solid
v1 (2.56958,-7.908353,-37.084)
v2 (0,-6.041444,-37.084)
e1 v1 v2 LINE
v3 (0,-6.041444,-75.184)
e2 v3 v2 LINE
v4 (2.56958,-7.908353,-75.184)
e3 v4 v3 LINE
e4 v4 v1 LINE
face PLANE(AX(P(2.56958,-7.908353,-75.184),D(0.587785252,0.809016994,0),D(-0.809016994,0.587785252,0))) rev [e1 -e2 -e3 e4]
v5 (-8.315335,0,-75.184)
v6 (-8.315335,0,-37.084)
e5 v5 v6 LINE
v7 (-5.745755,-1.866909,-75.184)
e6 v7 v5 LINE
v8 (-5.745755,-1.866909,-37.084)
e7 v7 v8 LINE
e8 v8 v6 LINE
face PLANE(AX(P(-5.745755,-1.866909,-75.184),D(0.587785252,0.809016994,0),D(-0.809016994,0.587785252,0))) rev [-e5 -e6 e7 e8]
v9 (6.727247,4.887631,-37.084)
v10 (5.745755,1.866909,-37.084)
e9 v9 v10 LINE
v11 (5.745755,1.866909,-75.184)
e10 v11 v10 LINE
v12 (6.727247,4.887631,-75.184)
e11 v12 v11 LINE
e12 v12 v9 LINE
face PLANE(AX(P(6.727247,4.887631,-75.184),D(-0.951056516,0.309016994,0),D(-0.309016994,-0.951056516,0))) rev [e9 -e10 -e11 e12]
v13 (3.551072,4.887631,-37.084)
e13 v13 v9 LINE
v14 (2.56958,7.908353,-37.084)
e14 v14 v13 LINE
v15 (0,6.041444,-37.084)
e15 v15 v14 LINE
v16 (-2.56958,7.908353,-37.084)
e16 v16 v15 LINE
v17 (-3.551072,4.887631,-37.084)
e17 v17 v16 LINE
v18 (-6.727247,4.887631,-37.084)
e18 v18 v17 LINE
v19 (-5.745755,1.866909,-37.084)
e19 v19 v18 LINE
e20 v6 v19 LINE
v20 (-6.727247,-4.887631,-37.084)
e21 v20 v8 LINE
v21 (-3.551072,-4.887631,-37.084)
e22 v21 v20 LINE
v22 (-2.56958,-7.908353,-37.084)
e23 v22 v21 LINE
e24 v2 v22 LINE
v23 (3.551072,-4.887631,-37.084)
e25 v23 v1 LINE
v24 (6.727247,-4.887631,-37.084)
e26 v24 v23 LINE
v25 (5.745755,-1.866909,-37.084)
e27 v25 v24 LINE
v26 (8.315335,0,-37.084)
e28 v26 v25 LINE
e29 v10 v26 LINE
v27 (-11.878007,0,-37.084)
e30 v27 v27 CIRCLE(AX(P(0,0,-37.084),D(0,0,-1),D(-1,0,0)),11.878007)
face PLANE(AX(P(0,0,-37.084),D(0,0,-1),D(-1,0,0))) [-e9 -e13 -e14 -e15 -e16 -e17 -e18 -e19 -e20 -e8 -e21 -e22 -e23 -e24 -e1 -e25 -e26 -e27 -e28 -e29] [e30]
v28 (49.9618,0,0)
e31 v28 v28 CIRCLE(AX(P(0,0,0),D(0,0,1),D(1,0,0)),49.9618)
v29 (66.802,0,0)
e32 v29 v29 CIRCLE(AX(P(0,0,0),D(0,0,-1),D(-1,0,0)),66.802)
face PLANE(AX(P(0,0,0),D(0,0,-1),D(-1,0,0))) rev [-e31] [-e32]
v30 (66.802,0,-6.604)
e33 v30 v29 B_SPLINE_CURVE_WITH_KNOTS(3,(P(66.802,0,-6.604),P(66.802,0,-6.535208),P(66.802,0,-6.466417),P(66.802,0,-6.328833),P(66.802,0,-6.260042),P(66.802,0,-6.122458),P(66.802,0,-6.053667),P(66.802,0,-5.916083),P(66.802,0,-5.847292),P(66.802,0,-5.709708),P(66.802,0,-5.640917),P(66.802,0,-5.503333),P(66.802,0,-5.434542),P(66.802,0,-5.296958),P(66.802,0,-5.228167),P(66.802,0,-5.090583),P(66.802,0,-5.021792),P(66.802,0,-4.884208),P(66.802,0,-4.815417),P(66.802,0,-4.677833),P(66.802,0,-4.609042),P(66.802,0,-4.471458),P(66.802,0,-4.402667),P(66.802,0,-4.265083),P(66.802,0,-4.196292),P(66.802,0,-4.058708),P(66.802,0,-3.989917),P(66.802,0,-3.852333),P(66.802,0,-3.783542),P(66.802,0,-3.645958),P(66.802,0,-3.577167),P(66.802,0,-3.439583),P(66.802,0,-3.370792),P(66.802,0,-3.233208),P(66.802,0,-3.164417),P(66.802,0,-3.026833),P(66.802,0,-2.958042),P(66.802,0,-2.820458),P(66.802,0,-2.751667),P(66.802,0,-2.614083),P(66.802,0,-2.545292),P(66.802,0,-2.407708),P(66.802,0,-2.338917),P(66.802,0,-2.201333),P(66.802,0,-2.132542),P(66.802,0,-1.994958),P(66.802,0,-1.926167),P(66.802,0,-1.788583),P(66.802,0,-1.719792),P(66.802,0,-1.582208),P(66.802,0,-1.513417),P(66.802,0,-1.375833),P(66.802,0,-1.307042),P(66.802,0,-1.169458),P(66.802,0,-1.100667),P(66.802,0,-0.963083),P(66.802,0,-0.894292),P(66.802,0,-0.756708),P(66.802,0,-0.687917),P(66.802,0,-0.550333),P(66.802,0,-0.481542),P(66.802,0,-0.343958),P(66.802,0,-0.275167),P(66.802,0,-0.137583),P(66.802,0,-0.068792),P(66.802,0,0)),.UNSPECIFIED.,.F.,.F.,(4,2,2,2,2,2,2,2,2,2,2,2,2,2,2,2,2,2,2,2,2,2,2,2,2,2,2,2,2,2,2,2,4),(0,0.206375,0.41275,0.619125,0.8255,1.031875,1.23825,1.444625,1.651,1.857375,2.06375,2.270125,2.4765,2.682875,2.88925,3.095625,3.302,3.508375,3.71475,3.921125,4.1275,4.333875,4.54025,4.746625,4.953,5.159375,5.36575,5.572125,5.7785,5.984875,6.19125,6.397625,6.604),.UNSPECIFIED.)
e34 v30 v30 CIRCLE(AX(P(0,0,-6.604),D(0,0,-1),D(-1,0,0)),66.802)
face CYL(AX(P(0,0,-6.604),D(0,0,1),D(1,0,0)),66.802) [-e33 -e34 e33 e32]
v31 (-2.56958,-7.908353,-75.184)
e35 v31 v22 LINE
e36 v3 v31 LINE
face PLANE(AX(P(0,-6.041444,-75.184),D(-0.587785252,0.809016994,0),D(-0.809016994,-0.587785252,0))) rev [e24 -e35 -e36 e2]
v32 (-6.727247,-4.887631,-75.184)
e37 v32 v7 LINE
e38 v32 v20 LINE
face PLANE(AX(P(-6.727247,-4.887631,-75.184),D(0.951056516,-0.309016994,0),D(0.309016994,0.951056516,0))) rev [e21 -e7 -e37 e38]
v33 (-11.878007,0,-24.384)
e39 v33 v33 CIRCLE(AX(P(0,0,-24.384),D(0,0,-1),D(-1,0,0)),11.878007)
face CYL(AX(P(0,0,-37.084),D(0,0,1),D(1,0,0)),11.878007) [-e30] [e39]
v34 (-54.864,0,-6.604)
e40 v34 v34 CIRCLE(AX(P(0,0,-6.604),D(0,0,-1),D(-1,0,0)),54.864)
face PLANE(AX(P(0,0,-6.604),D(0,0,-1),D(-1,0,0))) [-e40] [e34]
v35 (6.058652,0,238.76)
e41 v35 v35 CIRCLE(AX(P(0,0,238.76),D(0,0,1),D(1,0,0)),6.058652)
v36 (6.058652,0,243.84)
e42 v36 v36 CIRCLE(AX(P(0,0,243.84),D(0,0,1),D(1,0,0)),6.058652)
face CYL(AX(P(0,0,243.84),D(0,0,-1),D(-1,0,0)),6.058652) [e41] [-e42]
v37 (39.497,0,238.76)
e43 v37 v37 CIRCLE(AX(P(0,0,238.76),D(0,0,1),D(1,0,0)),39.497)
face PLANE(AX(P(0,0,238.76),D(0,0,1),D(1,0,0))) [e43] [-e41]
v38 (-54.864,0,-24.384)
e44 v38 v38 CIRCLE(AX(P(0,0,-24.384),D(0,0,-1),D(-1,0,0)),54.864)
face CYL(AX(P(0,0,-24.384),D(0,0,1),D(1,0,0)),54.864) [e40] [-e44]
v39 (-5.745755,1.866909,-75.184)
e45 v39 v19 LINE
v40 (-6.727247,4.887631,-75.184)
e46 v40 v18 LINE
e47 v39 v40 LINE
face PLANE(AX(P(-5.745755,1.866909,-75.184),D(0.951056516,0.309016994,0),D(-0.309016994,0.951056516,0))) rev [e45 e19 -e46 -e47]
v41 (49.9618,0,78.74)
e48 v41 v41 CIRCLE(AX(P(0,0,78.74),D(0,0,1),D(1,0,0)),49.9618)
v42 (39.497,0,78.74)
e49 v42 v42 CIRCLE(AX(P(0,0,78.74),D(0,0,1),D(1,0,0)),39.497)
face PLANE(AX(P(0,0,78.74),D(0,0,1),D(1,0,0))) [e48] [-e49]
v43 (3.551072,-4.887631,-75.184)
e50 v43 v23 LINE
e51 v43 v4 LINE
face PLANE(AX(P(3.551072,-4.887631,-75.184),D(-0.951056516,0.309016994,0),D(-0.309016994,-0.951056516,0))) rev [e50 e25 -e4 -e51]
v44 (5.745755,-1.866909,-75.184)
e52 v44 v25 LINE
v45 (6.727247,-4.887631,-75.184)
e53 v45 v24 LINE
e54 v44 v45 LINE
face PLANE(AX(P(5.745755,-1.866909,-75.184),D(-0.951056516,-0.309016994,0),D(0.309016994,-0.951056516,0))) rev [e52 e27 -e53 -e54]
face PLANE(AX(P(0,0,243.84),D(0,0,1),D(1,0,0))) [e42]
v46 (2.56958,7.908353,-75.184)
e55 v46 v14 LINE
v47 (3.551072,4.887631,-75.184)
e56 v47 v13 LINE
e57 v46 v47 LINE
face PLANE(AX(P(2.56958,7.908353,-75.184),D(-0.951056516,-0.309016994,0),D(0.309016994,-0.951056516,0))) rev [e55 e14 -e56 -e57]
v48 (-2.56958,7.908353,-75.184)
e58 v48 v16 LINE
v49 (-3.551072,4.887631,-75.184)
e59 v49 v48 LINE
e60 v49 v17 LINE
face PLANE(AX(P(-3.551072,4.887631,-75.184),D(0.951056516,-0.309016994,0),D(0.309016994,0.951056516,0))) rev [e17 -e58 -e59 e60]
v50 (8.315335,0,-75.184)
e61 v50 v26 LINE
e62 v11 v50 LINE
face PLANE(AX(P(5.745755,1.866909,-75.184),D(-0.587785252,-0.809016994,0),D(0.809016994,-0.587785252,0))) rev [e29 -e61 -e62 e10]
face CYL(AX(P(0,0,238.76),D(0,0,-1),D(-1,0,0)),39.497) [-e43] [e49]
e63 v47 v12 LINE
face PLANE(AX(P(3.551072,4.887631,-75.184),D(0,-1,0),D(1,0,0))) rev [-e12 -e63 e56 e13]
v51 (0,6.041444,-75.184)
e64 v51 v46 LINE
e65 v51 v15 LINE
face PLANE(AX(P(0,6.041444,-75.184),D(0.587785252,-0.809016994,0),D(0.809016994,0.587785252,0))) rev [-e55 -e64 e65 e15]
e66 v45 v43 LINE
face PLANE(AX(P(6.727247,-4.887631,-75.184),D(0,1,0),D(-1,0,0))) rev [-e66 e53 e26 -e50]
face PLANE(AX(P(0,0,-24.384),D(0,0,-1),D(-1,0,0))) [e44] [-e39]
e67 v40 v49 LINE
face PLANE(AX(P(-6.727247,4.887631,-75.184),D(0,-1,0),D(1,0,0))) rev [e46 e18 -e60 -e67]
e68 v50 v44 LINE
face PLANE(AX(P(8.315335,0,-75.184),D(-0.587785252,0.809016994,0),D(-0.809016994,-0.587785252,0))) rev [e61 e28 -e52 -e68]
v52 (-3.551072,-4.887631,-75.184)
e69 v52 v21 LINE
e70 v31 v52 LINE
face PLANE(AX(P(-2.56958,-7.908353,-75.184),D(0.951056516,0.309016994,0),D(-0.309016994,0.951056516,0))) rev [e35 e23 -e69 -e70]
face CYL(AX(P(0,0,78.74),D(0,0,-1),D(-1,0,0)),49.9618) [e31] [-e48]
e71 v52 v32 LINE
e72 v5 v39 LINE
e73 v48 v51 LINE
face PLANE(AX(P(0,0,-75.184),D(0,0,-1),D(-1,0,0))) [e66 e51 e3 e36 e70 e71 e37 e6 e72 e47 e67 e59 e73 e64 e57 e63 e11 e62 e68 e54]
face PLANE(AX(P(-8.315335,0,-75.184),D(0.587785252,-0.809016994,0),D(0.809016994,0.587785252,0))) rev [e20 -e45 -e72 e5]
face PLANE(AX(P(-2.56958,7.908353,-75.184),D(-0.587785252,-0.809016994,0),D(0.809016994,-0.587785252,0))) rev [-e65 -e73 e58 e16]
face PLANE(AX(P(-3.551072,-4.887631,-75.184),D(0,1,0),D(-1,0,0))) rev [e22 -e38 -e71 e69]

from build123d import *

# Parameters (mm, degrees)
SKETCH1_R           = 49.9618
BOSS_EXTRUDE1_DEPTH = 78.74
SKETCH2_R           = 66.802
BOSS_EXTRUDE2_DEPTH = 6.604
SKETCH3_R           = 54.864
BOSS_EXTRUDE3_DEPTH = 17.78
SKETCH4_R           = 11.878006526
BOSS_EXTRUDE4_DEPTH = 12.7
BOSS_EXTRUDE5_DEPTH = 38.1
SKETCH7_R           = 39.497
BOSS_EXTRUDE6_DEPTH = 160.02
SKETCH8_R           = 6.058651835
BOSS_EXTRUDE7_DEPTH = 5.08


with BuildPart() as part:
    # Sketch1 → Boss-Extrude1 (new body)
    with BuildSketch(Plane.XY):
        Circle(SKETCH1_R)
    extrude(amount=BOSS_EXTRUDE1_DEPTH)

    # Sketch2 → Boss-Extrude2 (add)
    with BuildSketch(Plane(origin=(0, 0, 0), x_dir=(-1, 0, 0), z_dir=(0, 0, -1))):
        with Locations(Location((0, 0, 0), (0, 0, 180))):
            Circle(SKETCH2_R)
    extrude(amount=BOSS_EXTRUDE2_DEPTH)

    # Sketch3 → Boss-Extrude3 (add)
    with BuildSketch(Plane(origin=(0, 0, -6.604), x_dir=(-1, 0, 0), z_dir=(0, 0, -1))):
        Circle(SKETCH3_R)
    extrude(amount=BOSS_EXTRUDE3_DEPTH)

    # Sketch4 → Boss-Extrude4 (add)
    with BuildSketch(Plane(origin=(0, 0, -24.384), x_dir=(-1, 0, 0), z_dir=(0, 0, -1))):
        Circle(SKETCH4_R)
    extrude(amount=BOSS_EXTRUDE4_DEPTH)

    # Sketch5 → Boss-Extrude5 (add)
    with BuildSketch(Plane(origin=(0, 0, -37.084), x_dir=(-1, 0, 0), z_dir=(0, 0, -1))):
        Polygon((8.315334724, 0), (5.74575498, 1.866908963), (6.727247106, 4.887631119), (3.551071869, 4.887631119), (2.569579744, 7.908353274), (0, 6.041444312), (-2.569579744, 7.908353274), (-3.551071869, 4.887631119), (-6.727247106, 4.887631119), (-5.74575498, 1.866908963), (-8.315334724, 0), (-5.74575498, -1.866908963), (-6.727247106, -4.887631119), (-3.551071869, -4.887631119), (-2.569579744, -7.908353274), (0, -6.041444312), (2.569579744, -7.908353274), (3.551071869, -4.887631119), (6.727247106, -4.887631119), (5.74575498, -1.866908963), align=None)
    extrude(amount=BOSS_EXTRUDE5_DEPTH)

    # Sketch7 → Boss-Extrude6 (add)
    with BuildSketch(Plane.XY.offset(78.74)):
        Circle(SKETCH7_R)
    extrude(amount=BOSS_EXTRUDE6_DEPTH)

    # Sketch8 → Boss-Extrude7 (add)
    with BuildSketch(Plane.XY.offset(238.76)):
        Circle(SKETCH8_R)
    extrude(amount=BOSS_EXTRUDE7_DEPTH)


solid = part.part
